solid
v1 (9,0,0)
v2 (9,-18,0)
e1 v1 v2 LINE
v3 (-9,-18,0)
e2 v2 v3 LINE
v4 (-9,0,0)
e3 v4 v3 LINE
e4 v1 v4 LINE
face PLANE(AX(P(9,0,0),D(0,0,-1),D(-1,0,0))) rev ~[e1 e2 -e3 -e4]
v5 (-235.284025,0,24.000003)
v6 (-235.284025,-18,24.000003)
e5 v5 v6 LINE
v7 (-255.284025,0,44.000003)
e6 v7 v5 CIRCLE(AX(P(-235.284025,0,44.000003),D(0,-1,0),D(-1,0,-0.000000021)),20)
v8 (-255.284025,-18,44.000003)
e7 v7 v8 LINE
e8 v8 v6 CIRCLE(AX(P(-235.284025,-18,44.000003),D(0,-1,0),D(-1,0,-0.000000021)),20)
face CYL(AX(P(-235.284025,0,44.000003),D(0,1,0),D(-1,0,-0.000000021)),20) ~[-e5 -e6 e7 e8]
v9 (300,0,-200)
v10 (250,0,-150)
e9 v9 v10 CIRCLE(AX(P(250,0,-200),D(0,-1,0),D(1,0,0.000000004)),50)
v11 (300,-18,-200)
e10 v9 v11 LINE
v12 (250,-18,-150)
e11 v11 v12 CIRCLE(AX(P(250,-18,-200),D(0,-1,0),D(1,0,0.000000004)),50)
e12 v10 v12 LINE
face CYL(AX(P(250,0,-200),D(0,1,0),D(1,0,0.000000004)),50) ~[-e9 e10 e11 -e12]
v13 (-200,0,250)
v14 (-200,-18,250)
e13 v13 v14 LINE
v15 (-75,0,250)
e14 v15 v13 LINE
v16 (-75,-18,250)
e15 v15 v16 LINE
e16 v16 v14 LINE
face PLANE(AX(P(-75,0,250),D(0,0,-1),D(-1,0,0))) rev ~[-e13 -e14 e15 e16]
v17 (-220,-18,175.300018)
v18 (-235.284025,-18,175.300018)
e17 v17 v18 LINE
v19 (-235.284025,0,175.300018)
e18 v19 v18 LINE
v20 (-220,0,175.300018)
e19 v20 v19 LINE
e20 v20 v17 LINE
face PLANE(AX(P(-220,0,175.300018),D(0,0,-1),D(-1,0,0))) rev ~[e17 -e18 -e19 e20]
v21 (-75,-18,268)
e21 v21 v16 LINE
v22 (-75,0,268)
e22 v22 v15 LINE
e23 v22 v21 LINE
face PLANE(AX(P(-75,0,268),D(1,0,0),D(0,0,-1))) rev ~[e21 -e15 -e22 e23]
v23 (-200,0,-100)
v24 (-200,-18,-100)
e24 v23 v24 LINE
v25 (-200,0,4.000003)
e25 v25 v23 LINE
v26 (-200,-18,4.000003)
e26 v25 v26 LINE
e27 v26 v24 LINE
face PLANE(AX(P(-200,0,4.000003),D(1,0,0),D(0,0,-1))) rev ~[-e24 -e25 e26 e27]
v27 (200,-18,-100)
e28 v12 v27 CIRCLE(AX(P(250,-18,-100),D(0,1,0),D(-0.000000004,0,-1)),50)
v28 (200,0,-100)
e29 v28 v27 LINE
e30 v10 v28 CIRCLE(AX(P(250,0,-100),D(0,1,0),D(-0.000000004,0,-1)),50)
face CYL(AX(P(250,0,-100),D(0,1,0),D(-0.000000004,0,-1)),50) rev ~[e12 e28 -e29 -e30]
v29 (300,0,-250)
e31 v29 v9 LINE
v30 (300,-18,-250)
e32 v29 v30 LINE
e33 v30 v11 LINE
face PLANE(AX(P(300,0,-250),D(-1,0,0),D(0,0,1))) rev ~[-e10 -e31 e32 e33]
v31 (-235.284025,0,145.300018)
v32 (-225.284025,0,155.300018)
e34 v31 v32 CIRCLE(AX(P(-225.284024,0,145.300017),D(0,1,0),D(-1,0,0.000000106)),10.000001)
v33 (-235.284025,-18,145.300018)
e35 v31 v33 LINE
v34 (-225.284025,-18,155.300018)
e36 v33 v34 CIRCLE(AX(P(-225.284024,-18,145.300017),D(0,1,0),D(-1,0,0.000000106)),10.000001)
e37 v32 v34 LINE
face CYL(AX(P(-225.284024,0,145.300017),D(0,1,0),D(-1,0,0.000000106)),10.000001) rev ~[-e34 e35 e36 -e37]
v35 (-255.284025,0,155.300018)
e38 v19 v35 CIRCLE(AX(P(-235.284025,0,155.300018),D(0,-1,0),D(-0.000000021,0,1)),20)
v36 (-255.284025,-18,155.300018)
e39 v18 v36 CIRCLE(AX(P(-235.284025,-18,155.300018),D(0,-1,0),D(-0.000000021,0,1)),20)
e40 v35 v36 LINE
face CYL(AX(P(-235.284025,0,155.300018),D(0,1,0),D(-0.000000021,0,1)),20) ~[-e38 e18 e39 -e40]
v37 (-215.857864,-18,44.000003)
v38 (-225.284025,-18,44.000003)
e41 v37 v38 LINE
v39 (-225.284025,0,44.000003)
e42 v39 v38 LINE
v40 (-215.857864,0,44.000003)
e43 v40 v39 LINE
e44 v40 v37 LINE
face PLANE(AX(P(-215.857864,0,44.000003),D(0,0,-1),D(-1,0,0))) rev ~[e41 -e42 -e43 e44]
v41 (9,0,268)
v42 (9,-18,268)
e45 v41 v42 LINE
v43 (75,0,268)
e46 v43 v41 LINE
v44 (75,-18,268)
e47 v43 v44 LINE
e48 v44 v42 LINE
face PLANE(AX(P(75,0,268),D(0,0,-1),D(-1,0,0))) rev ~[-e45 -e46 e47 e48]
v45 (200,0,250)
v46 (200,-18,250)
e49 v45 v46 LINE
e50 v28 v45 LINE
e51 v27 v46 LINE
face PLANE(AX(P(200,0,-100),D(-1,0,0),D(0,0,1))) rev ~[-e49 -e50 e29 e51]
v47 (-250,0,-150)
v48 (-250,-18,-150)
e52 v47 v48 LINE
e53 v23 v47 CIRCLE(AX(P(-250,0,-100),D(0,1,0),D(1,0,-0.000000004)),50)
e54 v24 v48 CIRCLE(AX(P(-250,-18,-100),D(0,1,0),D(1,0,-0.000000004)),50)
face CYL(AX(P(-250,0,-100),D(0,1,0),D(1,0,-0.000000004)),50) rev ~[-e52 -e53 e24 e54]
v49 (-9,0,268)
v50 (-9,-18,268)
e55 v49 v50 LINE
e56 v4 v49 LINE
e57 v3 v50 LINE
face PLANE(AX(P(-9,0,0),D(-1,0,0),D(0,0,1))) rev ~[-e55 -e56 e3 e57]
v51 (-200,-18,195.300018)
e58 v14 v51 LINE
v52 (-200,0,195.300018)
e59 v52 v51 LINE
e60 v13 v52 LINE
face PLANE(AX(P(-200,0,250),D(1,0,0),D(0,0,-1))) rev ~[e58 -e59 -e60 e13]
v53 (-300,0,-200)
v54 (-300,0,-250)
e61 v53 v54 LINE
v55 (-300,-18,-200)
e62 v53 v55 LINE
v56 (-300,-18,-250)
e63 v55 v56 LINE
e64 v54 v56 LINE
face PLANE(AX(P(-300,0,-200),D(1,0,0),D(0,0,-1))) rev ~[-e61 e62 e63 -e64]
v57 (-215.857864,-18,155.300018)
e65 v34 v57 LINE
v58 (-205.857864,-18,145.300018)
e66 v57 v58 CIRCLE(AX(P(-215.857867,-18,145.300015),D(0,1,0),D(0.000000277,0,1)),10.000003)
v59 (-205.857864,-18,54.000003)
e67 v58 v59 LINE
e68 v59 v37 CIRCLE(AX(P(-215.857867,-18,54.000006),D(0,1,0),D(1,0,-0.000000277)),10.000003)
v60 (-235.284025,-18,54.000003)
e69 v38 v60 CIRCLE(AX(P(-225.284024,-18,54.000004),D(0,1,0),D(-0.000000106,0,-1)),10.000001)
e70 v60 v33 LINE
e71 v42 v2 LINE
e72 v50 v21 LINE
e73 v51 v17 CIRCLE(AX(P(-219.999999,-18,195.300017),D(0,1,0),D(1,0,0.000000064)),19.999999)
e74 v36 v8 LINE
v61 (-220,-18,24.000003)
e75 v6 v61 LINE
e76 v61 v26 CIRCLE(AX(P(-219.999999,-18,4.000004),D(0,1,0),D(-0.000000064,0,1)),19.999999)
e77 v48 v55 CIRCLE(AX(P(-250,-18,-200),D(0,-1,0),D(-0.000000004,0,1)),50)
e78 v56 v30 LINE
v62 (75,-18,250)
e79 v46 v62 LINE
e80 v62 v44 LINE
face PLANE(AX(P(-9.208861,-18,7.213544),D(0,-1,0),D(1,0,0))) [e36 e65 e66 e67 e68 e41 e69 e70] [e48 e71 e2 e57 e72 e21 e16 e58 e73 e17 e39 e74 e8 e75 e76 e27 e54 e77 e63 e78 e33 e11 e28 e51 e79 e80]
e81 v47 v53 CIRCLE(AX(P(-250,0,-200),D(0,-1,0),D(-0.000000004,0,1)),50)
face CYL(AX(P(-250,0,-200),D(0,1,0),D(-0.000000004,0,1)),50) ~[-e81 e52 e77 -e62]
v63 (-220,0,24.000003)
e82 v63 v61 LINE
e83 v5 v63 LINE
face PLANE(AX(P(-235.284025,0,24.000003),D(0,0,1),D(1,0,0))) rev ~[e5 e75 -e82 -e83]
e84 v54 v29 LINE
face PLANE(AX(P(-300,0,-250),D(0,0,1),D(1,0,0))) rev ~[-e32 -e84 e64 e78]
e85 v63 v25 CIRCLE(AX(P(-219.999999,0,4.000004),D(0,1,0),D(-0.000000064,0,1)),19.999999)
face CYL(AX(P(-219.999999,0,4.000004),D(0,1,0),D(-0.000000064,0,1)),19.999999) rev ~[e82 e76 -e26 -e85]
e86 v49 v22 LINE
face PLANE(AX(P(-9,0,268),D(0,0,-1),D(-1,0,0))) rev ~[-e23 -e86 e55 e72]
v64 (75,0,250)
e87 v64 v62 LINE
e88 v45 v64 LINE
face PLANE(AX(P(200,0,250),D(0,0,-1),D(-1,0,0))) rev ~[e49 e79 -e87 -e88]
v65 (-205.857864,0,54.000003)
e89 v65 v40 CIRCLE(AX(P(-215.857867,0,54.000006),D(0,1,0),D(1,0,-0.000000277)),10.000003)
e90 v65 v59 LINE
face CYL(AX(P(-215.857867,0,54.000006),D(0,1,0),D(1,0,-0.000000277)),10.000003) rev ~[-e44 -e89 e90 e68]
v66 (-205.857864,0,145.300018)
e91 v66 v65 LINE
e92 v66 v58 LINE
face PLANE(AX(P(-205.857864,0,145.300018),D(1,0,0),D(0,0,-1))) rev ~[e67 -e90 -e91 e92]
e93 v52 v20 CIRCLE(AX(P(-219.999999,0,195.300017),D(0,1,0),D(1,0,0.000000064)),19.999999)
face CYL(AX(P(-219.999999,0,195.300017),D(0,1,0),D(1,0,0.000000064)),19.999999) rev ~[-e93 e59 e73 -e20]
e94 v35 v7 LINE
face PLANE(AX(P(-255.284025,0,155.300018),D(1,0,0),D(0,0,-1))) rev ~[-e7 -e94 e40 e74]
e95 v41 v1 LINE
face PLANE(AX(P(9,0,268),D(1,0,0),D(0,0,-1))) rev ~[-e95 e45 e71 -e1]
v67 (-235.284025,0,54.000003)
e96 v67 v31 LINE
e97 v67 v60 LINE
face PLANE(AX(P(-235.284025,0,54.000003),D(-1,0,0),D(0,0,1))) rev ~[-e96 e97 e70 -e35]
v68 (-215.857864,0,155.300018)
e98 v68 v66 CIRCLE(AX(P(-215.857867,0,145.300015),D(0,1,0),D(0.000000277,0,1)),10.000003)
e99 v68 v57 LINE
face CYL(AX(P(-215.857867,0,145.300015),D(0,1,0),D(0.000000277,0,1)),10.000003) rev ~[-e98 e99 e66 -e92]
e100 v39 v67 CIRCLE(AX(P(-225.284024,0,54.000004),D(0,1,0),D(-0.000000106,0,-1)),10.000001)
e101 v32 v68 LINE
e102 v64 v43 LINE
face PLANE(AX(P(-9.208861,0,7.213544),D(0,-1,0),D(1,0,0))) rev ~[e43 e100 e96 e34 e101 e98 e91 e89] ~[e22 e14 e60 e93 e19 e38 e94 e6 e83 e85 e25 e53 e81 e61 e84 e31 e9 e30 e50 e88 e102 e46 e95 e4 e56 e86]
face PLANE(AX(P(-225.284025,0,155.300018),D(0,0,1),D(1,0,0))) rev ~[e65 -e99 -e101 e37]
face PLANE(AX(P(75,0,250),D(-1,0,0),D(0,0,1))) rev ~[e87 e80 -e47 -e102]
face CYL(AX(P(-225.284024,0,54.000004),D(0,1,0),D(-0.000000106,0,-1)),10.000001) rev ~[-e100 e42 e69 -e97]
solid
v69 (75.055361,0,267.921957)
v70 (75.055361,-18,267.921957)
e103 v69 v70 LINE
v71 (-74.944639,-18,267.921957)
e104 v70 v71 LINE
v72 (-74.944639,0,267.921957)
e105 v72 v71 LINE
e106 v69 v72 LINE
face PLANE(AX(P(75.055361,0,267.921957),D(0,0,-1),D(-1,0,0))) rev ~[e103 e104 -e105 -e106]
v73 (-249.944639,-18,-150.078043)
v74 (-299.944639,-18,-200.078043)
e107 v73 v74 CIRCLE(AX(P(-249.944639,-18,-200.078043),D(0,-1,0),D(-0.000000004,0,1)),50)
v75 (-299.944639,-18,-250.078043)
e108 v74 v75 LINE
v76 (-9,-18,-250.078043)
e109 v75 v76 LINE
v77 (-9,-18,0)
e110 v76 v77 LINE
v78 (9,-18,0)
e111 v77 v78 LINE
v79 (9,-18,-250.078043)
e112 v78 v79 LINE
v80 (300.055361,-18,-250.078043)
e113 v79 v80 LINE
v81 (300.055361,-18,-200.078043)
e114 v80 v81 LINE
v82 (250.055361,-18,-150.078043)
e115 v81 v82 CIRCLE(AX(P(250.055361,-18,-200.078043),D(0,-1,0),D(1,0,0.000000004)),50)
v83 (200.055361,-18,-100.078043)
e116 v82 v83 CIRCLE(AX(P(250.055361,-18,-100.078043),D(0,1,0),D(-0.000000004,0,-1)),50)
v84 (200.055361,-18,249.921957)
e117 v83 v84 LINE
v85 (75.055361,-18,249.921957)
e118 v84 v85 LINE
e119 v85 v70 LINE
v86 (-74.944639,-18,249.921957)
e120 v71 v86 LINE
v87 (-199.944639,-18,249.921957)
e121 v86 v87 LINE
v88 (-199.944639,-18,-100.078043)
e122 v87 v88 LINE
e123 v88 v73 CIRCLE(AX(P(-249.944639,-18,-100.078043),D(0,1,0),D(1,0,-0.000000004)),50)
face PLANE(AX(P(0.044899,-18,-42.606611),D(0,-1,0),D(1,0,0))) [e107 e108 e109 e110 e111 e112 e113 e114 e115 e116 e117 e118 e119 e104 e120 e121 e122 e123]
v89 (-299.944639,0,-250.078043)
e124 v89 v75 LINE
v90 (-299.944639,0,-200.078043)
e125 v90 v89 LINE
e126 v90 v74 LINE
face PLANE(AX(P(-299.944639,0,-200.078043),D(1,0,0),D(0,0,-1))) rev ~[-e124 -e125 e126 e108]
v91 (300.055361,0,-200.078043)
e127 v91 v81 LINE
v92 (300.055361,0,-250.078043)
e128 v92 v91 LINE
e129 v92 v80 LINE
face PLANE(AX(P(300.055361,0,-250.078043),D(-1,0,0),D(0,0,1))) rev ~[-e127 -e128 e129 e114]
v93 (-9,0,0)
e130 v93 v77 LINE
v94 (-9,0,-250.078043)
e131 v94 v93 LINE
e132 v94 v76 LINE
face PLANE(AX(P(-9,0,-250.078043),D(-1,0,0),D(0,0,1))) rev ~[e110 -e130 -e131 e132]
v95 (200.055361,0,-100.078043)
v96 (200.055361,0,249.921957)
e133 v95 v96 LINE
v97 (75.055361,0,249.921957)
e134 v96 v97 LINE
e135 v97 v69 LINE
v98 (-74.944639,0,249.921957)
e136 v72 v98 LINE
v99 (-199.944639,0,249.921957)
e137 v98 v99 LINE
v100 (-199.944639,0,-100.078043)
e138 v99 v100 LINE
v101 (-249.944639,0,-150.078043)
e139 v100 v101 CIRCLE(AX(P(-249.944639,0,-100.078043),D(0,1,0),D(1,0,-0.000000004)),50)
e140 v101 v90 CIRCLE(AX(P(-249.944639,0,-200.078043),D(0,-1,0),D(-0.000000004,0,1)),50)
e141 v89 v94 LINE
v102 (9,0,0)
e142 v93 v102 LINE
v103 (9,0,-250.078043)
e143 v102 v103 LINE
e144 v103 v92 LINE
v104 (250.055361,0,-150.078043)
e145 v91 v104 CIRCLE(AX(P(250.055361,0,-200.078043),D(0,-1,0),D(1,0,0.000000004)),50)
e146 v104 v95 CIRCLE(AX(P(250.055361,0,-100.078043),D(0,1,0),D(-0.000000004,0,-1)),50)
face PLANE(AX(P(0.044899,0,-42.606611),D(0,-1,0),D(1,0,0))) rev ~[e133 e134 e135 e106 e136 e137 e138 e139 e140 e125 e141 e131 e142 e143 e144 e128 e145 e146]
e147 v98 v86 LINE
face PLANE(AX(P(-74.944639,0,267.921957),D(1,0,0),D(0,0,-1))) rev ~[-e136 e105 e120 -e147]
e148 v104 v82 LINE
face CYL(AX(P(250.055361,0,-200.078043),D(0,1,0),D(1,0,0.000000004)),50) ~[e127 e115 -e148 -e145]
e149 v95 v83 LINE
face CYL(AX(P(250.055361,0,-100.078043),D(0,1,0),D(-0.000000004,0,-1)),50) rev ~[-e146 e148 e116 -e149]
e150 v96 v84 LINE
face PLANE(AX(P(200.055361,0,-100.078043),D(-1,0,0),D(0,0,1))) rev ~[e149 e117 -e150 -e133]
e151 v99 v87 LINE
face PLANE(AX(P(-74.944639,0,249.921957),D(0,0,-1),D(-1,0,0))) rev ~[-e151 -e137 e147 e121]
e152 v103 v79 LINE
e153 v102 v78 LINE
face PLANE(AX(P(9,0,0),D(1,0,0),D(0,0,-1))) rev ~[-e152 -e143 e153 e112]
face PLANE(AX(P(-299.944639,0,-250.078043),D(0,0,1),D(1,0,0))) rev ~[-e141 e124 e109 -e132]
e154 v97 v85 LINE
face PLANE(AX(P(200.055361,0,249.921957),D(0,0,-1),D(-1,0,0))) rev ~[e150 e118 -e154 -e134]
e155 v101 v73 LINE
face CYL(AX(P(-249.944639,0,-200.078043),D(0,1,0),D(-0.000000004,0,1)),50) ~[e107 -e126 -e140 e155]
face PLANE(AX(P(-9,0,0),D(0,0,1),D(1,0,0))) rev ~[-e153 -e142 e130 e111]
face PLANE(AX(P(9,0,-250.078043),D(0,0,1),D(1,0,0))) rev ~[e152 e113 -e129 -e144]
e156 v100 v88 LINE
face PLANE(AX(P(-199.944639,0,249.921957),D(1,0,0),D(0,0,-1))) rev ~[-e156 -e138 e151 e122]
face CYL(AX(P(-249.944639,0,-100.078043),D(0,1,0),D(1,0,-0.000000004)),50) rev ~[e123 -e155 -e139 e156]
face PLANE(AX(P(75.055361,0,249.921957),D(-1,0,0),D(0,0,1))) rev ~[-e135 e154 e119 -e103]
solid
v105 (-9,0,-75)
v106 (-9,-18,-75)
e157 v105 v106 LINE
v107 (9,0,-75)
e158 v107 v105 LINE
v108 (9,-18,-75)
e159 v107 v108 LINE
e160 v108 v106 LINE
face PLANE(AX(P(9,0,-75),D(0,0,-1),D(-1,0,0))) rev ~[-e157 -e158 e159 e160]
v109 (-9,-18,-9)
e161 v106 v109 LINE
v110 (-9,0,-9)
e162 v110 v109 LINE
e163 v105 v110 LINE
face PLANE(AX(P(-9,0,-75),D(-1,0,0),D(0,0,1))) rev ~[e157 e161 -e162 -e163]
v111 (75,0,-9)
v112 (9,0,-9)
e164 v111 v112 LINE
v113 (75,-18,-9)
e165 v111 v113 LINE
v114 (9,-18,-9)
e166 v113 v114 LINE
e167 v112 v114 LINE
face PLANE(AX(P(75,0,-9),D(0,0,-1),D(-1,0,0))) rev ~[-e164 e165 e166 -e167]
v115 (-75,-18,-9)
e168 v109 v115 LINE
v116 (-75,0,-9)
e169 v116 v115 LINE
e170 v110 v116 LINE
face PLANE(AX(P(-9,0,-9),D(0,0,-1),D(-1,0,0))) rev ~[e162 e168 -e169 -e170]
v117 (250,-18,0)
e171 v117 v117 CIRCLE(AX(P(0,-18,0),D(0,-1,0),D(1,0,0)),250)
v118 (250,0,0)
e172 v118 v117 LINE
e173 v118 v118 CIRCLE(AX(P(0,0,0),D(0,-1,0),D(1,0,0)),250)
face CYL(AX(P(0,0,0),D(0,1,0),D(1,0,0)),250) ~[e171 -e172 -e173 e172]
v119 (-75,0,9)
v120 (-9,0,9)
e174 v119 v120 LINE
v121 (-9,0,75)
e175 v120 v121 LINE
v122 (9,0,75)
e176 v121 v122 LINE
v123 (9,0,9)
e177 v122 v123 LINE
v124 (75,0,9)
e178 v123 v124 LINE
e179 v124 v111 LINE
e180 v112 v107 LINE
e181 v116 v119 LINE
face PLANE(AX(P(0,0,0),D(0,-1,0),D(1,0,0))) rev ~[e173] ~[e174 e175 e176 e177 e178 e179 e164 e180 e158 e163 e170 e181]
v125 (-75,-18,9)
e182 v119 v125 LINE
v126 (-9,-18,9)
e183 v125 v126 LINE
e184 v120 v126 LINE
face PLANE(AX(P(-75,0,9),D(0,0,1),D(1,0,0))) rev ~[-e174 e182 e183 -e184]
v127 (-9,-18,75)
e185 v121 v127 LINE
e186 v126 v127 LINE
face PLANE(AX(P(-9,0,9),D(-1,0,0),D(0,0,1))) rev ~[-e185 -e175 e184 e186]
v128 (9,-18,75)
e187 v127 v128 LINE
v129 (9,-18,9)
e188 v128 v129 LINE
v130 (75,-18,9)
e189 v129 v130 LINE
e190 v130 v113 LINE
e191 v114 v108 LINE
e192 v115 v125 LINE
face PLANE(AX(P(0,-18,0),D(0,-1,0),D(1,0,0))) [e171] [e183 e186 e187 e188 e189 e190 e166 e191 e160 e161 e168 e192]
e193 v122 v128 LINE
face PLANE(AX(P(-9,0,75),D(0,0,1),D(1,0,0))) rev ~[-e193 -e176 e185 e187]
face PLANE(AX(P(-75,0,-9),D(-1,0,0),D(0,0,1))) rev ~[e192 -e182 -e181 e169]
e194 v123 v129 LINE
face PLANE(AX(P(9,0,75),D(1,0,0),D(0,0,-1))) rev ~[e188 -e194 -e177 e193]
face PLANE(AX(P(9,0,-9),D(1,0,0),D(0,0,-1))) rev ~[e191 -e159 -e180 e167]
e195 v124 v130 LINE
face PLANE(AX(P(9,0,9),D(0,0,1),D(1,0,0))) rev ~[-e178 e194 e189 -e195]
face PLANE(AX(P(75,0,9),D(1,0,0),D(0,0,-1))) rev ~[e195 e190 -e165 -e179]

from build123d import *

# Parameters (mm, degrees)
F2_DEPTH = 18
F3_DEPTH = 18
F4_R     = 250
F5_DEPTH = 18


with BuildPart() as f2:
    # F0 (on Front) → F2 (new body)
    with BuildSketch(Plane.XZ):
        with BuildLine():
            Line((-200, -250), (200, -250))
            Line((200, -250), (300, -250))
            Line((300, -250), (300, -200))
            ThreePointArc((300, -200), (285.355339, -164.644661), (250, -150))
            ThreePointArc((250, -150), (214.644661, -135.355339), (200, -100))
            Line((200, -100), (200, 250))
            Line((200, 250), (75, 250))
            Line((75, 250), (75, 268))
            Line((75, 268), (9, 268))
            Line((9, 268), (9, 0))
            Line((9, 0), (-9, 0))
            Line((-9, 0), (-9, 268))
            Line((-9, 268), (-75, 268))
            Line((-75, 268), (-75, 250))
            Line((-75, 250), (-200, 250))
            Line((-200, 250), (-200, 195.300018))
            ThreePointArc((-200, 195.300018), (-205.857864, 181.157882), (-220, 175.300018))
            Line((-220, 175.300018), (-235.284025, 175.300018))
            ThreePointArc((-235.284025, 175.300018), (-249.426161, 169.442153), (-255.284025, 155.300018))
            Line((-255.284025, 155.300018), (-255.284025, 44.000003))
            ThreePointArc((-255.284025, 44.000003), (-249.426161, 29.857868), (-235.284025, 24.000003))
            Line((-235.284025, 24.000003), (-220, 24.000003))
            ThreePointArc((-220, 24.000003), (-205.857864, 18.142139), (-200, 4.000003))
            Line((-200, 4.000003), (-200, -100))
            ThreePointArc((-200, -100), (-214.644661, -135.355339), (-250, -150))
            ThreePointArc((-250, -150), (-285.355339, -164.644661), (-300, -200))
            Line((-300, -200), (-300, -250))
            Line((-300, -250), (-200, -250))
        make_face()
        with BuildLine():
            ThreePointArc((-235.284025, 145.300018), (-232.355093, 152.371085), (-225.284025, 155.300018))
            Line((-225.284025, 155.300018), (-215.857864, 155.300018))
            ThreePointArc((-215.857864, 155.300018), (-208.786797, 152.371085), (-205.857864, 145.300018))
            Line((-205.857864, 145.300018), (-205.857864, 54.000003))
            ThreePointArc((-205.857864, 54.000003), (-208.786797, 46.928936), (-215.857864, 44.000003))
            Line((-215.857864, 44.000003), (-225.284025, 44.000003))
            ThreePointArc((-225.284025, 44.000003), (-232.355093, 46.928936), (-235.284025, 54.000003))
            Line((-235.284025, 54.000003), (-235.284025, 145.300018))
        make_face(mode=Mode.SUBTRACT)
    extrude(amount=F2_DEPTH)


with BuildPart() as f3:
    # F1 (on Front) → F3 (new body)
    with BuildSketch(Plane.XZ):
        with BuildLine():
            Line((9, -250.078043), (200.055361, -250.078043))
            Line((200.055361, -250.078043), (300.055361, -250.078043))
            Line((300.055361, -250.078043), (300.055361, -200.078043))
            ThreePointArc((300.055361, -200.078043), (285.4107, -164.722704), (250.055361, -150.078043))
            ThreePointArc((250.055361, -150.078043), (214.700022, -135.433382), (200.055361, -100.078043))
            Line((200.055361, -100.078043), (200.055361, 249.921957))
            Line((200.055361, 249.921957), (75.055361, 249.921957))
            Line((75.055361, 249.921957), (75.055361, 267.921957))
            Line((75.055361, 267.921957), (-74.944639, 267.921957))
            Line((-74.944639, 267.921957), (-74.944639, 249.921957))
            Line((-74.944639, 249.921957), (-199.944639, 249.921957))
            Line((-199.944639, 249.921957), (-199.944639, -100.078043))
            ThreePointArc((-199.944639, -100.078043), (-214.5893, -135.433382), (-249.944639, -150.078043))
            ThreePointArc((-249.944639, -150.078043), (-285.299978, -164.722704), (-299.944639, -200.078043))
            Line((-299.944639, -200.078043), (-299.944639, -250.078043))
            Line((-299.944639, -250.078043), (-199.944639, -250.078043))
            Line((-199.944639, -250.078043), (-9, -250.078043))
            Line((-9, -250.078043), (-9, 0))
            Line((-9, 0), (9, 0))
            Line((9, 0), (9, -250.078043))
        make_face()
    extrude(amount=F3_DEPTH)


with BuildPart() as f5:
    # F4 (on Front) → F5 (new body)
    with BuildSketch(Plane.XZ):
        Circle(F4_R)
        Polygon((75, 9), (75, -9), (9, -9), (9, -75), (-9, -75), (-9, -9), (-75, -9), (-75, 9), (-9, 9), (-9, 75), (9, 75), (9, 9), align=None, mode=Mode.SUBTRACT)
    extrude(amount=F5_DEPTH)


solid = Compound([f2.part, f3.part, f5.part])
